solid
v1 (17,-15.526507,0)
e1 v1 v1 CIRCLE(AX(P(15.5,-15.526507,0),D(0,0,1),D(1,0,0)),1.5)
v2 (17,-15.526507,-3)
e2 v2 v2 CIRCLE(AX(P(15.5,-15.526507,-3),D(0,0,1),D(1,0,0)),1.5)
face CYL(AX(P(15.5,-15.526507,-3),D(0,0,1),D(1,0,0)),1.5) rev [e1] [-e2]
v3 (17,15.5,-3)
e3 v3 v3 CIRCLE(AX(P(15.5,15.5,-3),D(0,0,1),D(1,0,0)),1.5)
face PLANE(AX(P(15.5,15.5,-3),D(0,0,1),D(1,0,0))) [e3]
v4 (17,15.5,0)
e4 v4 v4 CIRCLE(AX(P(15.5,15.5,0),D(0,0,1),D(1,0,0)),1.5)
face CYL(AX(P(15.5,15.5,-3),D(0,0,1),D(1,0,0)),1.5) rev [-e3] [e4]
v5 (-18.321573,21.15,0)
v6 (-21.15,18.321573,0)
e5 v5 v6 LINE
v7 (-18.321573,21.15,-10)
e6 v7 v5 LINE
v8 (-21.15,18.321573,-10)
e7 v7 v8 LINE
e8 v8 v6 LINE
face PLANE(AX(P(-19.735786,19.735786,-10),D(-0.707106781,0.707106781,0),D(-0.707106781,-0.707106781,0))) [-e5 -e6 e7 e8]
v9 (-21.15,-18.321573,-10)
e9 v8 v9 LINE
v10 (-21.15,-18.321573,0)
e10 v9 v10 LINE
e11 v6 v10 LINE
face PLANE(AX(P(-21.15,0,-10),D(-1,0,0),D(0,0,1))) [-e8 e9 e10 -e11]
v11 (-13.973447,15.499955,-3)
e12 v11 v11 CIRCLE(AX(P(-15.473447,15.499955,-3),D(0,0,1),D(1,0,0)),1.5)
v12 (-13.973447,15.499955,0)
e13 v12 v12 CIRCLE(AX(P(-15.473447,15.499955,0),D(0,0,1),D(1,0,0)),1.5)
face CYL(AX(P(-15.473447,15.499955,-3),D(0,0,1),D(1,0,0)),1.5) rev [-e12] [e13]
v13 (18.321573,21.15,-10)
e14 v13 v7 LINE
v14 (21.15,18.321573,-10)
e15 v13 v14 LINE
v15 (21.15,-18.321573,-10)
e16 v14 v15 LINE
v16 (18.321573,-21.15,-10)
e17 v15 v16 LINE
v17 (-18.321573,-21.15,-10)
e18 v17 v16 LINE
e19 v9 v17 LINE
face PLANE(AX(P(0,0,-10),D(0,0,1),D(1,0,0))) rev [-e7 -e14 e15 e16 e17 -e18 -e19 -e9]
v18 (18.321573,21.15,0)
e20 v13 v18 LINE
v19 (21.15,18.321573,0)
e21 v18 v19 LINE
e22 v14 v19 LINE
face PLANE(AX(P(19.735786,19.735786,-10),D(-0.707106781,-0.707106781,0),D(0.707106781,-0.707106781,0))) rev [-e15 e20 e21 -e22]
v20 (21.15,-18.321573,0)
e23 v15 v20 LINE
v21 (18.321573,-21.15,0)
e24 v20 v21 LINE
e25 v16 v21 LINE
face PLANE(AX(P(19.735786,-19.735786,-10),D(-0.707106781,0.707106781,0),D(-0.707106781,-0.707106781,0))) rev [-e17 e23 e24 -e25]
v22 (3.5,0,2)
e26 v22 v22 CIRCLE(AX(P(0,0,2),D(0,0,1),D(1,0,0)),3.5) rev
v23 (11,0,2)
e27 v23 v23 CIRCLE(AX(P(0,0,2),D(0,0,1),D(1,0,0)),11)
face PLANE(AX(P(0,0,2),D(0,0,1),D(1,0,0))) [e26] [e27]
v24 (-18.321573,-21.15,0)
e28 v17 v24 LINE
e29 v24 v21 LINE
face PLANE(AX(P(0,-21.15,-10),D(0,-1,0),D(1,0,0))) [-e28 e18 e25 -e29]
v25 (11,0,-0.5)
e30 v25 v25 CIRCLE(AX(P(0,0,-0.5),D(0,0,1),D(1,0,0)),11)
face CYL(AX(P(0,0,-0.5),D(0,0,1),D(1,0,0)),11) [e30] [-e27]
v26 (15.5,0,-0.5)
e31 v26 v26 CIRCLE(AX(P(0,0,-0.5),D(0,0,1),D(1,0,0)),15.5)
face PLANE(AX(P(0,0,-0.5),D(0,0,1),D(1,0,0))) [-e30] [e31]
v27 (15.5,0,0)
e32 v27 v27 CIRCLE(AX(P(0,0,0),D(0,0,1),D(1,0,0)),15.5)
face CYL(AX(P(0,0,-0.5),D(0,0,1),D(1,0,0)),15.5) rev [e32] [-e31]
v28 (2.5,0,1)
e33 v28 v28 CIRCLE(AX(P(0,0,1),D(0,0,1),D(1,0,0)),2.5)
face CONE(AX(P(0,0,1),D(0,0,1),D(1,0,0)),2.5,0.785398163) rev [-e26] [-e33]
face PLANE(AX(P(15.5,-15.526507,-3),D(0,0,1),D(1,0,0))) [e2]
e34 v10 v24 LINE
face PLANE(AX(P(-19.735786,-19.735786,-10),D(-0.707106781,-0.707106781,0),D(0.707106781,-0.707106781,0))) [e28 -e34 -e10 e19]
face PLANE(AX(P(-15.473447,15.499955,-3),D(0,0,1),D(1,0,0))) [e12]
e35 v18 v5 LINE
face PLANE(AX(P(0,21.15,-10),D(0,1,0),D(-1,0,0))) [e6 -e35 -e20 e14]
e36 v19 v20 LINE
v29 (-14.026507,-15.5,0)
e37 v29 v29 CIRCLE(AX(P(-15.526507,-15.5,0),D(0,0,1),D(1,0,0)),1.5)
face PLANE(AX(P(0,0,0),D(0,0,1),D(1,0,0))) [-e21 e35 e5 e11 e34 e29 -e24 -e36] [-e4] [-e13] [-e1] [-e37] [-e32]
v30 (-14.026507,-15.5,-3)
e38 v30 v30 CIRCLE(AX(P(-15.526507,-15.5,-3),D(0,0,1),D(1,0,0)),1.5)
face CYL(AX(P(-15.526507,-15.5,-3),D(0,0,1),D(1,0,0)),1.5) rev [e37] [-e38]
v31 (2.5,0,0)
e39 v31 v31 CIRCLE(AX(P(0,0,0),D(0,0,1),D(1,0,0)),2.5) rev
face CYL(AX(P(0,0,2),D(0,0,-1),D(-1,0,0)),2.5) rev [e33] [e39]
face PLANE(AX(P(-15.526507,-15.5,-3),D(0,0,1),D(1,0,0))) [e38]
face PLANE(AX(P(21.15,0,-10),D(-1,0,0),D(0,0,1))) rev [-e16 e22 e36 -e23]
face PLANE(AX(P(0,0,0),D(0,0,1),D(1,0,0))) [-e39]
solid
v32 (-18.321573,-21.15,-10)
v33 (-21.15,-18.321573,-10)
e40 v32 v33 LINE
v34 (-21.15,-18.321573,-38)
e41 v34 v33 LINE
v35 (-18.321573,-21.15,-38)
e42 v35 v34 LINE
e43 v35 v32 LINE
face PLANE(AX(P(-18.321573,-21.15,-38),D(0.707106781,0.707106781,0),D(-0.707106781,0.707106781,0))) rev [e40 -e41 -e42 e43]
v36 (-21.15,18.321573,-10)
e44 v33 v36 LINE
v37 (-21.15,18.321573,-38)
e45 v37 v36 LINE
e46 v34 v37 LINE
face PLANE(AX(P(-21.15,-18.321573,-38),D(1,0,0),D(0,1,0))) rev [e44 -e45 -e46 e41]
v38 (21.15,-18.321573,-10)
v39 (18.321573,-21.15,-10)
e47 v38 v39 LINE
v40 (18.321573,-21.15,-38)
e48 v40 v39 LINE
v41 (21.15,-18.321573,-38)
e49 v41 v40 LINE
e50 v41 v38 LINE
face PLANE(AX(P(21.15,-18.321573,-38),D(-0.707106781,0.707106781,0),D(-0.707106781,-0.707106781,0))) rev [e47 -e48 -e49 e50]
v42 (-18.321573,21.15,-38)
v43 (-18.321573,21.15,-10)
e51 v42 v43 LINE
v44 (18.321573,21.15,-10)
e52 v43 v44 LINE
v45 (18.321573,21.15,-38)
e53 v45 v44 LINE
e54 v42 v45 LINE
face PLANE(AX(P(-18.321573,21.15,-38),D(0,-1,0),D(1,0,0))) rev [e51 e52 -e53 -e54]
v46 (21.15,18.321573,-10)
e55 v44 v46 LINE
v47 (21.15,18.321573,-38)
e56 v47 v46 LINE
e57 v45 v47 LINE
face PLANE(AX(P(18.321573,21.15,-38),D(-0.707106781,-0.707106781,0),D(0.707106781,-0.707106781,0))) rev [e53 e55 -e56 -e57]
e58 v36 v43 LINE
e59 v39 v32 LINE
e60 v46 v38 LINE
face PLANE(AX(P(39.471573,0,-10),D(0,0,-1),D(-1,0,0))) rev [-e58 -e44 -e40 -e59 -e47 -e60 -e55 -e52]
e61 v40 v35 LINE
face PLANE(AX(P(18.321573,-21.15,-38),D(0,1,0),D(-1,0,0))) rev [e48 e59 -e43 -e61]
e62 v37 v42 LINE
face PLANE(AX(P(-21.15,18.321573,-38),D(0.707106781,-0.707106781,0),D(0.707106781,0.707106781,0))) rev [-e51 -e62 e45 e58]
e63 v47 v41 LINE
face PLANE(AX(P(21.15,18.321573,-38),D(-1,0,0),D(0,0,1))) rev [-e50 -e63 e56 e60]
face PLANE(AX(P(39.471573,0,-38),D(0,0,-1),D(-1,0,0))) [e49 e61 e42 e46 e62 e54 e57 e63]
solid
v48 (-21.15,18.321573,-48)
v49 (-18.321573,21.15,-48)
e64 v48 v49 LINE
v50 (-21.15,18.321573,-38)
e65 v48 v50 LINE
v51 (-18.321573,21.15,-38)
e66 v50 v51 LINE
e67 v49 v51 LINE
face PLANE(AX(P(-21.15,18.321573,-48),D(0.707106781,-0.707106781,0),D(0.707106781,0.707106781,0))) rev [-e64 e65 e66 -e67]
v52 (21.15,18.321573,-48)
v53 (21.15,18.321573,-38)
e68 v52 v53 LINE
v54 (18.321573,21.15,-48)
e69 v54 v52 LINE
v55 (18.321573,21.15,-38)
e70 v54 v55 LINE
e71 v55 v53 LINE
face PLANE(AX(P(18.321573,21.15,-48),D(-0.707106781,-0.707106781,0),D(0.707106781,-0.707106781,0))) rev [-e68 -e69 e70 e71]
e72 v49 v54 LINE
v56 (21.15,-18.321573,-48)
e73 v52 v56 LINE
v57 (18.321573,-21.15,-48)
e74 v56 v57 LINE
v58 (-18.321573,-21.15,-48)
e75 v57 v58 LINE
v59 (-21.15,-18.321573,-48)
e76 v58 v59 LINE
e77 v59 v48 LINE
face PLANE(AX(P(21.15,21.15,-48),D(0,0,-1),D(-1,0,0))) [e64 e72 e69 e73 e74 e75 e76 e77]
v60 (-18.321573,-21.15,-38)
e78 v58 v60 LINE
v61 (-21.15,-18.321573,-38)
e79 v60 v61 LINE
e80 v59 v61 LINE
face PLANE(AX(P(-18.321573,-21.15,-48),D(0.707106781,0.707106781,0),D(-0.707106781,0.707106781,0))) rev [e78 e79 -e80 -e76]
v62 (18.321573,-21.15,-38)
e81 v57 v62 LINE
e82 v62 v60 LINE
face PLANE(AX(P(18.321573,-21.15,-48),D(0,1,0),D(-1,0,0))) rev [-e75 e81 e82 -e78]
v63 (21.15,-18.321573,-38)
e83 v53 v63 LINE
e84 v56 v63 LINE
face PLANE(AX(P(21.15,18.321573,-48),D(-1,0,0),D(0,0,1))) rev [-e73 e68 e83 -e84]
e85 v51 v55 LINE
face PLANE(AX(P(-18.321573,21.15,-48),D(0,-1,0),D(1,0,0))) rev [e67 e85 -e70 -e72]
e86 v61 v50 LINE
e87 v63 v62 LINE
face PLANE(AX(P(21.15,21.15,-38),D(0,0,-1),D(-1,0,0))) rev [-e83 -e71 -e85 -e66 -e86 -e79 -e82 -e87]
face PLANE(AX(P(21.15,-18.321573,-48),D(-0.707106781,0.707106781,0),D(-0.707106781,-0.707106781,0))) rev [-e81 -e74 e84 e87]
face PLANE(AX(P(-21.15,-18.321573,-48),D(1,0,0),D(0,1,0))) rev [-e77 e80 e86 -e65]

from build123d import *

# Parameters (mm, degrees)
EXTRUDE_1_DEPTH     = 10
EXTRUDE_2_DEPTH     = 28
EXTRUDE_3_DEPTH     = 10
SKETCH_1_3_R        = 15.5
SKETCH_1_3_R_2      = 11
CUT_EXTRUDE_1_DEPTH = 0.5
EXTRUDE_START       = 2
SKETCH_1_4_R        = 11
SKETCH_1_4_R_2      = 2.5
EXTRUDE_4_DEPTH     = 2
CHAMFER_1_SIZE      = 1
SKETCH_5_R          = 1.5
CUT_EXTRUDE_3_DEPTH = 3


with BuildPart() as part:
    # 草图1 → 凸台-拉伸1 (new body)
    with BuildSketch(Plane.XY):
        Polygon((21.15, 18.321572875), (18.321572875, 21.15), (-18.321572875, 21.15), (-21.15, 18.321572875), (-21.15, -18.321572875), (-18.321572875, -21.15), (18.321572875, -21.15), (21.15, -18.321572875), align=None)
    extrude(amount=-EXTRUDE_1_DEPTH)

    # 草图1<3> → 切除-拉伸1 (cut)
    with BuildSketch(Plane.XY):
        Circle(SKETCH_1_3_R)
        Circle(SKETCH_1_3_R_2, mode=Mode.SUBTRACT)
    extrude(amount=-CUT_EXTRUDE_1_DEPTH, mode=Mode.SUBTRACT)

    # 草图1<4> → 凸台-拉伸4 (add)
    with BuildSketch(Plane.XY.offset(EXTRUDE_START)):
        Circle(SKETCH_1_4_R)
        Circle(SKETCH_1_4_R_2, mode=Mode.SUBTRACT)
    extrude(amount=-EXTRUDE_4_DEPTH)

    # 倒角1
    chamfer_1_edges = [part.edges().sort_by_distance(p)[0] for p in [
        (-2.5, 0, 2),
    ]]
    chamfer(chamfer_1_edges, length=CHAMFER_1_SIZE)

    # 草图5 → 切除-拉伸3 (cut)
    with BuildSketch(Plane.XY):
        with Locations((-15.473447232, 15.499954591)):
            Circle(SKETCH_5_R)
        with Locations((15.5, 15.5)):
            Circle(SKETCH_5_R)
        with Locations((15.5, -15.526507359)):
            Circle(SKETCH_5_R)
        with Locations((-15.526507359, -15.5)):
            Circle(SKETCH_5_R)
    extrude(amount=-CUT_EXTRUDE_3_DEPTH, mode=Mode.SUBTRACT)


with BuildPart() as body_2:
    # 草图2 → 凸台-拉伸2 (new body)
    with BuildSketch(Plane(origin=(0, 0, -10), x_dir=(-1, 0, 0), z_dir=(0, 0, -1))):
        Polygon((-21.15, 18.321572875), (-21.15, -18.321572875), (-18.321572875, -21.15), (18.321572875, -21.15), (21.15, -18.321572875), (21.15, 18.321572875), (18.321572875, 21.15), (-18.321572875, 21.15), align=None)
    extrude(amount=EXTRUDE_2_DEPTH)


with BuildPart() as body_3:
    # 草图3 → 凸台-拉伸3 (new body)
    with BuildSketch(Plane(origin=(0, 0, -38), x_dir=(-1, 0, 0), z_dir=(0, 0, -1))):
        Polygon((-18.321572875, 21.15), (-21.15, 18.321572875), (-21.15, -18.321572875), (-18.321572875, -21.15), (18.321572875, -21.15), (21.15, -18.321572875), (21.15, 18.321572875), (18.321572875, 21.15), align=None)
    extrude(amount=EXTRUDE_3_DEPTH)


solid = Compound([part.part, body_2.part, body_3.part])
